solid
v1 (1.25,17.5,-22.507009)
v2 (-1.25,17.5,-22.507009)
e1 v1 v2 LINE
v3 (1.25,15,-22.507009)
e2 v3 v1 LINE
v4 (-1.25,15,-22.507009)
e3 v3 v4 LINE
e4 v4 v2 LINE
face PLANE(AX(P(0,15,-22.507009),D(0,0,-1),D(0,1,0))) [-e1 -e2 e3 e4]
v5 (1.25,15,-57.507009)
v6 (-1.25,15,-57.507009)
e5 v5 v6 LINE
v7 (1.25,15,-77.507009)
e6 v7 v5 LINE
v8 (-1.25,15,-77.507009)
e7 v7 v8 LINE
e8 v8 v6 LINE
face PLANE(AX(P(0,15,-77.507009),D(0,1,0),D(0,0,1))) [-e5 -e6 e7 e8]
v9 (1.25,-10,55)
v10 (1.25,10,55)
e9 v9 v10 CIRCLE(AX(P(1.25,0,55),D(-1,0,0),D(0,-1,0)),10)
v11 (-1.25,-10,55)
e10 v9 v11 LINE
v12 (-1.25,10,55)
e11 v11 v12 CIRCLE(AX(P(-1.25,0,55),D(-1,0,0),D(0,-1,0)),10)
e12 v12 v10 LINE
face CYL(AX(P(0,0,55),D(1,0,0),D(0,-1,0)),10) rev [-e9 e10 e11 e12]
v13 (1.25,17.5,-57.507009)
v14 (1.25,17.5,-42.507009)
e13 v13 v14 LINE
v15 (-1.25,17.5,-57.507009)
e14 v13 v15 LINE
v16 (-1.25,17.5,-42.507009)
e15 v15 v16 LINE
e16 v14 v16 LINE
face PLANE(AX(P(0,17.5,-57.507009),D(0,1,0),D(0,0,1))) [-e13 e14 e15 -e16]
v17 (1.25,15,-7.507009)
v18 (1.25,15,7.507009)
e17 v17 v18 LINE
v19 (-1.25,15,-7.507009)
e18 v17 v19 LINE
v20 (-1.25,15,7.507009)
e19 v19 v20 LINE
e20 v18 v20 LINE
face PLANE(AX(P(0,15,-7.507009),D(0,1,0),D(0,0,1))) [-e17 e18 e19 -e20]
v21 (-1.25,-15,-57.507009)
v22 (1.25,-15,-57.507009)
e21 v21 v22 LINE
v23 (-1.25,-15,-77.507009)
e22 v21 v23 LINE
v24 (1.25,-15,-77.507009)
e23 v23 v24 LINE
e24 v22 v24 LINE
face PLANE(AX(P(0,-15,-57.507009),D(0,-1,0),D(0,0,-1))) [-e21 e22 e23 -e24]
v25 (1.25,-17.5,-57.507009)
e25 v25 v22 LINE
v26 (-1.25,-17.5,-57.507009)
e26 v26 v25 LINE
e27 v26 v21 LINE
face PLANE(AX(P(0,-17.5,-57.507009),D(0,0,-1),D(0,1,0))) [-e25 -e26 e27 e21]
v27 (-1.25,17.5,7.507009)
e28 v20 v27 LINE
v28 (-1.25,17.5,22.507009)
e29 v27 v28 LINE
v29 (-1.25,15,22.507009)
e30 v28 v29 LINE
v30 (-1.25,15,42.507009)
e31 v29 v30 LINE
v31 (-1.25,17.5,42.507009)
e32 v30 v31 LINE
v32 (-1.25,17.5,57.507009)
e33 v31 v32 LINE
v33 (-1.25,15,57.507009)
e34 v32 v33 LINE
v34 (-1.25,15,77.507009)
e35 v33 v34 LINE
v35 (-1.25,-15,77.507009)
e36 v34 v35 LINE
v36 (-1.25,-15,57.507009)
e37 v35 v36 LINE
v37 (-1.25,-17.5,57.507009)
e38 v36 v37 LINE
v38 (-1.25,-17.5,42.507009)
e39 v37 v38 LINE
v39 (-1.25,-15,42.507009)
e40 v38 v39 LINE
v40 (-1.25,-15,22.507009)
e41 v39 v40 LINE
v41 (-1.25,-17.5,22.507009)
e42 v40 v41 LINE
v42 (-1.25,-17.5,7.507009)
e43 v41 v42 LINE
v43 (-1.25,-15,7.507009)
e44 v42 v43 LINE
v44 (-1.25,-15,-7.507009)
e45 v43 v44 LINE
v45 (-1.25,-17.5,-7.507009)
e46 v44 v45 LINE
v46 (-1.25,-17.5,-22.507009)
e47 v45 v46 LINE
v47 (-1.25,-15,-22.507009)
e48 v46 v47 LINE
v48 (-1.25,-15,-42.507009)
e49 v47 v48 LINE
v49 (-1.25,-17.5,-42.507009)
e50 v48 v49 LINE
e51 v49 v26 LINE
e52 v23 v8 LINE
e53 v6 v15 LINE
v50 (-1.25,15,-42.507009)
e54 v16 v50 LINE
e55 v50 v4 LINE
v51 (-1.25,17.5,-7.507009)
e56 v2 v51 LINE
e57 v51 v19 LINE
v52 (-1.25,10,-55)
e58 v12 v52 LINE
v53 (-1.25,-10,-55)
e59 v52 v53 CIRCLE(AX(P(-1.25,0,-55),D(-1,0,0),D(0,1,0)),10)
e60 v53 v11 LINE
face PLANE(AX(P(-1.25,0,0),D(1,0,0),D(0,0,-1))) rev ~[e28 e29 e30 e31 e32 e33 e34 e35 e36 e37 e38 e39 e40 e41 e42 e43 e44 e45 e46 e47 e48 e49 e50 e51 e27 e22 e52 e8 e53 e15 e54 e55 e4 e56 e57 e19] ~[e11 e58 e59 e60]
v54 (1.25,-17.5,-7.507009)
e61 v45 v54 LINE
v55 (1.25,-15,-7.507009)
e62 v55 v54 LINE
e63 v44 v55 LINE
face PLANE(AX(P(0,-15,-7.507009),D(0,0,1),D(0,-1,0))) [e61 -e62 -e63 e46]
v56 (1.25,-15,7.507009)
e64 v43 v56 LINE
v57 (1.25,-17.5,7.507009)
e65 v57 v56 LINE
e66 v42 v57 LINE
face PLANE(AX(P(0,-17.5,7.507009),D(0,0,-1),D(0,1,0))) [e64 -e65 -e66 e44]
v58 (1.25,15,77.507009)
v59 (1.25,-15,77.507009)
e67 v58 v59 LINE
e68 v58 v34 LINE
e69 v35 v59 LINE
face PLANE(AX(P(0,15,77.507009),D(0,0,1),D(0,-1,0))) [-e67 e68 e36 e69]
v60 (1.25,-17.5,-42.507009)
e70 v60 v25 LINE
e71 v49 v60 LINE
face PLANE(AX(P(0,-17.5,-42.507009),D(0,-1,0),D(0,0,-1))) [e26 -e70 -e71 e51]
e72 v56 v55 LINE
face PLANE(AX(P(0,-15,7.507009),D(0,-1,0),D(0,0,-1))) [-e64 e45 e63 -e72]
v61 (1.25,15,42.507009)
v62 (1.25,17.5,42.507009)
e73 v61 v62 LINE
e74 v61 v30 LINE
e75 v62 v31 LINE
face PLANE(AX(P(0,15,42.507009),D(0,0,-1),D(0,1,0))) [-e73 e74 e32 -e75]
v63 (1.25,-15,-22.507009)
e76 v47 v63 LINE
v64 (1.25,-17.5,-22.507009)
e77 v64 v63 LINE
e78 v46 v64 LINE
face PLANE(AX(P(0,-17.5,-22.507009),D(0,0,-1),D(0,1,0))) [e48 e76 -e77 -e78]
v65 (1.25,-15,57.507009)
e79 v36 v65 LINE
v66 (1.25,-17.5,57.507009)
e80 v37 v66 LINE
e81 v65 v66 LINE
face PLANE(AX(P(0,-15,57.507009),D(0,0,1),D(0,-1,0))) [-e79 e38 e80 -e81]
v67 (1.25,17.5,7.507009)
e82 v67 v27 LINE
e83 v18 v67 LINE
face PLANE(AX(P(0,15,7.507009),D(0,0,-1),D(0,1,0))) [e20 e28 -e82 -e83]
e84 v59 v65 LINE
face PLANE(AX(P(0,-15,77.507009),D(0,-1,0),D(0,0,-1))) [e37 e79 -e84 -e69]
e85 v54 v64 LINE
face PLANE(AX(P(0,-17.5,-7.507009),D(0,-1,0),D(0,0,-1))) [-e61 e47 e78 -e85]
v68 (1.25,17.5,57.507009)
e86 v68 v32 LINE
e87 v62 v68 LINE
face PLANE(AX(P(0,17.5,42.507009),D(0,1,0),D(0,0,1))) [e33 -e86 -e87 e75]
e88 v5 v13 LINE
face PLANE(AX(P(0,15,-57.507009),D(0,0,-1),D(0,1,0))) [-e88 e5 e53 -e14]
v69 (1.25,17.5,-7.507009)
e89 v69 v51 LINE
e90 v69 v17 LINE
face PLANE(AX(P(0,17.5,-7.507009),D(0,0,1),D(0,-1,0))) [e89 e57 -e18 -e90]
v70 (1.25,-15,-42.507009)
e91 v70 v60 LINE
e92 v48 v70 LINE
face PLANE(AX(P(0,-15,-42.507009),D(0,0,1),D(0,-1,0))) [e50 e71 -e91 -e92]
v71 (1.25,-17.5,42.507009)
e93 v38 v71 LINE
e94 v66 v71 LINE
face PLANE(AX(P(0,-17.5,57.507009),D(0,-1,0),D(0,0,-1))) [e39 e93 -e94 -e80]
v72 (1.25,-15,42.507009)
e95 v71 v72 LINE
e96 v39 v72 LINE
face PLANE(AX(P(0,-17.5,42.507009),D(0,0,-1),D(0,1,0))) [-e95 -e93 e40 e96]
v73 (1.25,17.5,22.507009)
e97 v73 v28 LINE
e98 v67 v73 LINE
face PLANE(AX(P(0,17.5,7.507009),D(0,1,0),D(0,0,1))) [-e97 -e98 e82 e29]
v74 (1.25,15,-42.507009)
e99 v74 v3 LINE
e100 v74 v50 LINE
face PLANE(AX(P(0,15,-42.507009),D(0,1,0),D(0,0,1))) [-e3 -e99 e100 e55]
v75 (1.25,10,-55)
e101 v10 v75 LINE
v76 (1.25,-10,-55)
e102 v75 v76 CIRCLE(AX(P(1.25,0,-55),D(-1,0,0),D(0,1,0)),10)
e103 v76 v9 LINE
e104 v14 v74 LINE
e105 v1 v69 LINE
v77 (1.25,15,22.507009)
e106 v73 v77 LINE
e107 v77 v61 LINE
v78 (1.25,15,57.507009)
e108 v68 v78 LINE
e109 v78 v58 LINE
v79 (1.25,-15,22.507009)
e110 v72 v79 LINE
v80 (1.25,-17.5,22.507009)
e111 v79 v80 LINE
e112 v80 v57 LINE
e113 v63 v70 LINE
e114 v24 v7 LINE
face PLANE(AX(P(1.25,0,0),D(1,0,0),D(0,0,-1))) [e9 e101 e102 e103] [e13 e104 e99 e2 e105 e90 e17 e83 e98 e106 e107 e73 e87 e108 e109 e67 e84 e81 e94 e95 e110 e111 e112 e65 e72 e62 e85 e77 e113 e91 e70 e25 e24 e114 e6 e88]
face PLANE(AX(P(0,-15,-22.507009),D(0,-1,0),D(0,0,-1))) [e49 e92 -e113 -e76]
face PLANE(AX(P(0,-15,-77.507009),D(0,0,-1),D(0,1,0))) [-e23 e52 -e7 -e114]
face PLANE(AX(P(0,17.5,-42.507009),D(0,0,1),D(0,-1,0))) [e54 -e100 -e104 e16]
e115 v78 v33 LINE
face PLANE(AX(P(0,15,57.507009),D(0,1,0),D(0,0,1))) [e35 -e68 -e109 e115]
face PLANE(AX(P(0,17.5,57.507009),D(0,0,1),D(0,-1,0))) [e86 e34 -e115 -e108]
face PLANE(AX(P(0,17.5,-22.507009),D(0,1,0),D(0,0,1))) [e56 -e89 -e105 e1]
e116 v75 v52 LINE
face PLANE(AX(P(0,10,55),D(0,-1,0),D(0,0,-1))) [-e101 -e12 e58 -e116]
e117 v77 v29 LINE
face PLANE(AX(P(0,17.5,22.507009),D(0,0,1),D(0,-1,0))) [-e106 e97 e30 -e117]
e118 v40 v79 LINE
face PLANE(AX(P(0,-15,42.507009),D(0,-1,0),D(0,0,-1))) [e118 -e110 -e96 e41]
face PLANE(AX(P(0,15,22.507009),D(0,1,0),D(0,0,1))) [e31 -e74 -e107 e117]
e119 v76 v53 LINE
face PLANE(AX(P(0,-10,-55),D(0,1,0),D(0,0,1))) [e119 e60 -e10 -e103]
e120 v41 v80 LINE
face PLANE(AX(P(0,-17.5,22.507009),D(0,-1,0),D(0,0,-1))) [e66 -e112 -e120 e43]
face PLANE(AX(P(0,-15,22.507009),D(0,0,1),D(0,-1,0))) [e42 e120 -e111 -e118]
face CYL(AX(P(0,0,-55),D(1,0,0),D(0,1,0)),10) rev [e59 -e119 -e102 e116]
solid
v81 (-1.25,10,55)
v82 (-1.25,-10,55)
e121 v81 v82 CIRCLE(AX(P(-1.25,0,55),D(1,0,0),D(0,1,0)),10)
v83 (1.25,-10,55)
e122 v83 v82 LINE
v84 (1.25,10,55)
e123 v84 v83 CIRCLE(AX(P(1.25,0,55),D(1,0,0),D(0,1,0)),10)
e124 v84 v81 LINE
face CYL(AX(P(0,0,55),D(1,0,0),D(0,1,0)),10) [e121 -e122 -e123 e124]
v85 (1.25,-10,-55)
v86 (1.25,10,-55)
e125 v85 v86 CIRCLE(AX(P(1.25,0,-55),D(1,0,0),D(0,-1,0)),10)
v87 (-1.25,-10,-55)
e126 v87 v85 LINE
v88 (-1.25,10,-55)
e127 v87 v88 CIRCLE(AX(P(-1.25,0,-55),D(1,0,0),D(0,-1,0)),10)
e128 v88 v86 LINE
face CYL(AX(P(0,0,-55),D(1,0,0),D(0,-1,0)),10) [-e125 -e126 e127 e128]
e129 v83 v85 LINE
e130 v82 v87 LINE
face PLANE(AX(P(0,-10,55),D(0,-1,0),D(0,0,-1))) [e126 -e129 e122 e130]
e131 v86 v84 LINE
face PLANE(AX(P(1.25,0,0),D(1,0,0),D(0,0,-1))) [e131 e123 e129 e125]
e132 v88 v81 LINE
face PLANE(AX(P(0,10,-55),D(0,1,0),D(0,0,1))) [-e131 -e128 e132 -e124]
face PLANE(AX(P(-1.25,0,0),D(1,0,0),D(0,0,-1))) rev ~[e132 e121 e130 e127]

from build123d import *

# Parameters (mm, degrees)
BOSS_EXTRUDE1_DEPTH = 1.25
BOSS_EXTRUDE2_DEPTH = 1.25


with BuildPart() as part:
    # Sketch1 → Boss-Extrude1 (new, symmetric)
    with BuildSketch(Plane(origin=(0, 0, 0), x_dir=(0, 0, -1), z_dir=(1, 0, 0))):
        Polygon((-77.50700933, 15), (-77.50700933, -15), (-57.50700933, -15), (-57.50700933, -17.5), (-42.50700933, -17.5), (-42.50700933, -15), (-22.50700933, -15), (-22.50700933, -17.5), (-7.50700933, -17.5), (-7.50700933, -15), (7.50700933, -15), (7.50700933, -17.5), (22.50700933, -17.5), (22.50700933, -15), (42.50700933, -15), (42.50700933, -17.5), (57.50700933, -17.5), (57.50700933, -15), (77.50700933, -15), (77.50700933, 15), (57.50700933, 15), (57.50700933, 17.5), (42.50700933, 17.5), (42.50700933, 15), (22.50700933, 15), (22.50700933, 17.5), (7.50700933, 17.5), (7.50700933, 15), (-7.50700933, 15), (-7.50700933, 17.5), (-22.50700933, 17.5), (-22.50700933, 15), (-42.50700933, 15), (-42.50700933, 17.5), (-57.50700933, 17.5), (-57.50700933, 15), align=None)
        with BuildLine():
            Line((-55, 10), (55, 10))
            ThreePointArc((55, 10), (65, 0), (55, -10))
            Line((55, -10), (-55, -10))
            ThreePointArc((-55, -10), (-65, 0), (-55, 10))
        make_face(mode=Mode.SUBTRACT)
    extrude(amount=BOSS_EXTRUDE1_DEPTH, both=True)


with BuildPart() as body_2:
    # Sketch1<2> → Boss-Extrude2 (new, symmetric)
    with BuildSketch(Plane(origin=(0, 0, 0), x_dir=(0, 0, -1), z_dir=(1, 0, 0))):
        with BuildLine():
            Line((-55, -10), (55, -10))
            ThreePointArc((55, -10), (65, 0), (55, 10))
            Line((55, 10), (-55, 10))
            ThreePointArc((-55, 10), (-65, 0), (-55, -10))
        make_face()
    extrude(amount=BOSS_EXTRUDE2_DEPTH, both=True)


solid = Compound([part.part, body_2.part])
